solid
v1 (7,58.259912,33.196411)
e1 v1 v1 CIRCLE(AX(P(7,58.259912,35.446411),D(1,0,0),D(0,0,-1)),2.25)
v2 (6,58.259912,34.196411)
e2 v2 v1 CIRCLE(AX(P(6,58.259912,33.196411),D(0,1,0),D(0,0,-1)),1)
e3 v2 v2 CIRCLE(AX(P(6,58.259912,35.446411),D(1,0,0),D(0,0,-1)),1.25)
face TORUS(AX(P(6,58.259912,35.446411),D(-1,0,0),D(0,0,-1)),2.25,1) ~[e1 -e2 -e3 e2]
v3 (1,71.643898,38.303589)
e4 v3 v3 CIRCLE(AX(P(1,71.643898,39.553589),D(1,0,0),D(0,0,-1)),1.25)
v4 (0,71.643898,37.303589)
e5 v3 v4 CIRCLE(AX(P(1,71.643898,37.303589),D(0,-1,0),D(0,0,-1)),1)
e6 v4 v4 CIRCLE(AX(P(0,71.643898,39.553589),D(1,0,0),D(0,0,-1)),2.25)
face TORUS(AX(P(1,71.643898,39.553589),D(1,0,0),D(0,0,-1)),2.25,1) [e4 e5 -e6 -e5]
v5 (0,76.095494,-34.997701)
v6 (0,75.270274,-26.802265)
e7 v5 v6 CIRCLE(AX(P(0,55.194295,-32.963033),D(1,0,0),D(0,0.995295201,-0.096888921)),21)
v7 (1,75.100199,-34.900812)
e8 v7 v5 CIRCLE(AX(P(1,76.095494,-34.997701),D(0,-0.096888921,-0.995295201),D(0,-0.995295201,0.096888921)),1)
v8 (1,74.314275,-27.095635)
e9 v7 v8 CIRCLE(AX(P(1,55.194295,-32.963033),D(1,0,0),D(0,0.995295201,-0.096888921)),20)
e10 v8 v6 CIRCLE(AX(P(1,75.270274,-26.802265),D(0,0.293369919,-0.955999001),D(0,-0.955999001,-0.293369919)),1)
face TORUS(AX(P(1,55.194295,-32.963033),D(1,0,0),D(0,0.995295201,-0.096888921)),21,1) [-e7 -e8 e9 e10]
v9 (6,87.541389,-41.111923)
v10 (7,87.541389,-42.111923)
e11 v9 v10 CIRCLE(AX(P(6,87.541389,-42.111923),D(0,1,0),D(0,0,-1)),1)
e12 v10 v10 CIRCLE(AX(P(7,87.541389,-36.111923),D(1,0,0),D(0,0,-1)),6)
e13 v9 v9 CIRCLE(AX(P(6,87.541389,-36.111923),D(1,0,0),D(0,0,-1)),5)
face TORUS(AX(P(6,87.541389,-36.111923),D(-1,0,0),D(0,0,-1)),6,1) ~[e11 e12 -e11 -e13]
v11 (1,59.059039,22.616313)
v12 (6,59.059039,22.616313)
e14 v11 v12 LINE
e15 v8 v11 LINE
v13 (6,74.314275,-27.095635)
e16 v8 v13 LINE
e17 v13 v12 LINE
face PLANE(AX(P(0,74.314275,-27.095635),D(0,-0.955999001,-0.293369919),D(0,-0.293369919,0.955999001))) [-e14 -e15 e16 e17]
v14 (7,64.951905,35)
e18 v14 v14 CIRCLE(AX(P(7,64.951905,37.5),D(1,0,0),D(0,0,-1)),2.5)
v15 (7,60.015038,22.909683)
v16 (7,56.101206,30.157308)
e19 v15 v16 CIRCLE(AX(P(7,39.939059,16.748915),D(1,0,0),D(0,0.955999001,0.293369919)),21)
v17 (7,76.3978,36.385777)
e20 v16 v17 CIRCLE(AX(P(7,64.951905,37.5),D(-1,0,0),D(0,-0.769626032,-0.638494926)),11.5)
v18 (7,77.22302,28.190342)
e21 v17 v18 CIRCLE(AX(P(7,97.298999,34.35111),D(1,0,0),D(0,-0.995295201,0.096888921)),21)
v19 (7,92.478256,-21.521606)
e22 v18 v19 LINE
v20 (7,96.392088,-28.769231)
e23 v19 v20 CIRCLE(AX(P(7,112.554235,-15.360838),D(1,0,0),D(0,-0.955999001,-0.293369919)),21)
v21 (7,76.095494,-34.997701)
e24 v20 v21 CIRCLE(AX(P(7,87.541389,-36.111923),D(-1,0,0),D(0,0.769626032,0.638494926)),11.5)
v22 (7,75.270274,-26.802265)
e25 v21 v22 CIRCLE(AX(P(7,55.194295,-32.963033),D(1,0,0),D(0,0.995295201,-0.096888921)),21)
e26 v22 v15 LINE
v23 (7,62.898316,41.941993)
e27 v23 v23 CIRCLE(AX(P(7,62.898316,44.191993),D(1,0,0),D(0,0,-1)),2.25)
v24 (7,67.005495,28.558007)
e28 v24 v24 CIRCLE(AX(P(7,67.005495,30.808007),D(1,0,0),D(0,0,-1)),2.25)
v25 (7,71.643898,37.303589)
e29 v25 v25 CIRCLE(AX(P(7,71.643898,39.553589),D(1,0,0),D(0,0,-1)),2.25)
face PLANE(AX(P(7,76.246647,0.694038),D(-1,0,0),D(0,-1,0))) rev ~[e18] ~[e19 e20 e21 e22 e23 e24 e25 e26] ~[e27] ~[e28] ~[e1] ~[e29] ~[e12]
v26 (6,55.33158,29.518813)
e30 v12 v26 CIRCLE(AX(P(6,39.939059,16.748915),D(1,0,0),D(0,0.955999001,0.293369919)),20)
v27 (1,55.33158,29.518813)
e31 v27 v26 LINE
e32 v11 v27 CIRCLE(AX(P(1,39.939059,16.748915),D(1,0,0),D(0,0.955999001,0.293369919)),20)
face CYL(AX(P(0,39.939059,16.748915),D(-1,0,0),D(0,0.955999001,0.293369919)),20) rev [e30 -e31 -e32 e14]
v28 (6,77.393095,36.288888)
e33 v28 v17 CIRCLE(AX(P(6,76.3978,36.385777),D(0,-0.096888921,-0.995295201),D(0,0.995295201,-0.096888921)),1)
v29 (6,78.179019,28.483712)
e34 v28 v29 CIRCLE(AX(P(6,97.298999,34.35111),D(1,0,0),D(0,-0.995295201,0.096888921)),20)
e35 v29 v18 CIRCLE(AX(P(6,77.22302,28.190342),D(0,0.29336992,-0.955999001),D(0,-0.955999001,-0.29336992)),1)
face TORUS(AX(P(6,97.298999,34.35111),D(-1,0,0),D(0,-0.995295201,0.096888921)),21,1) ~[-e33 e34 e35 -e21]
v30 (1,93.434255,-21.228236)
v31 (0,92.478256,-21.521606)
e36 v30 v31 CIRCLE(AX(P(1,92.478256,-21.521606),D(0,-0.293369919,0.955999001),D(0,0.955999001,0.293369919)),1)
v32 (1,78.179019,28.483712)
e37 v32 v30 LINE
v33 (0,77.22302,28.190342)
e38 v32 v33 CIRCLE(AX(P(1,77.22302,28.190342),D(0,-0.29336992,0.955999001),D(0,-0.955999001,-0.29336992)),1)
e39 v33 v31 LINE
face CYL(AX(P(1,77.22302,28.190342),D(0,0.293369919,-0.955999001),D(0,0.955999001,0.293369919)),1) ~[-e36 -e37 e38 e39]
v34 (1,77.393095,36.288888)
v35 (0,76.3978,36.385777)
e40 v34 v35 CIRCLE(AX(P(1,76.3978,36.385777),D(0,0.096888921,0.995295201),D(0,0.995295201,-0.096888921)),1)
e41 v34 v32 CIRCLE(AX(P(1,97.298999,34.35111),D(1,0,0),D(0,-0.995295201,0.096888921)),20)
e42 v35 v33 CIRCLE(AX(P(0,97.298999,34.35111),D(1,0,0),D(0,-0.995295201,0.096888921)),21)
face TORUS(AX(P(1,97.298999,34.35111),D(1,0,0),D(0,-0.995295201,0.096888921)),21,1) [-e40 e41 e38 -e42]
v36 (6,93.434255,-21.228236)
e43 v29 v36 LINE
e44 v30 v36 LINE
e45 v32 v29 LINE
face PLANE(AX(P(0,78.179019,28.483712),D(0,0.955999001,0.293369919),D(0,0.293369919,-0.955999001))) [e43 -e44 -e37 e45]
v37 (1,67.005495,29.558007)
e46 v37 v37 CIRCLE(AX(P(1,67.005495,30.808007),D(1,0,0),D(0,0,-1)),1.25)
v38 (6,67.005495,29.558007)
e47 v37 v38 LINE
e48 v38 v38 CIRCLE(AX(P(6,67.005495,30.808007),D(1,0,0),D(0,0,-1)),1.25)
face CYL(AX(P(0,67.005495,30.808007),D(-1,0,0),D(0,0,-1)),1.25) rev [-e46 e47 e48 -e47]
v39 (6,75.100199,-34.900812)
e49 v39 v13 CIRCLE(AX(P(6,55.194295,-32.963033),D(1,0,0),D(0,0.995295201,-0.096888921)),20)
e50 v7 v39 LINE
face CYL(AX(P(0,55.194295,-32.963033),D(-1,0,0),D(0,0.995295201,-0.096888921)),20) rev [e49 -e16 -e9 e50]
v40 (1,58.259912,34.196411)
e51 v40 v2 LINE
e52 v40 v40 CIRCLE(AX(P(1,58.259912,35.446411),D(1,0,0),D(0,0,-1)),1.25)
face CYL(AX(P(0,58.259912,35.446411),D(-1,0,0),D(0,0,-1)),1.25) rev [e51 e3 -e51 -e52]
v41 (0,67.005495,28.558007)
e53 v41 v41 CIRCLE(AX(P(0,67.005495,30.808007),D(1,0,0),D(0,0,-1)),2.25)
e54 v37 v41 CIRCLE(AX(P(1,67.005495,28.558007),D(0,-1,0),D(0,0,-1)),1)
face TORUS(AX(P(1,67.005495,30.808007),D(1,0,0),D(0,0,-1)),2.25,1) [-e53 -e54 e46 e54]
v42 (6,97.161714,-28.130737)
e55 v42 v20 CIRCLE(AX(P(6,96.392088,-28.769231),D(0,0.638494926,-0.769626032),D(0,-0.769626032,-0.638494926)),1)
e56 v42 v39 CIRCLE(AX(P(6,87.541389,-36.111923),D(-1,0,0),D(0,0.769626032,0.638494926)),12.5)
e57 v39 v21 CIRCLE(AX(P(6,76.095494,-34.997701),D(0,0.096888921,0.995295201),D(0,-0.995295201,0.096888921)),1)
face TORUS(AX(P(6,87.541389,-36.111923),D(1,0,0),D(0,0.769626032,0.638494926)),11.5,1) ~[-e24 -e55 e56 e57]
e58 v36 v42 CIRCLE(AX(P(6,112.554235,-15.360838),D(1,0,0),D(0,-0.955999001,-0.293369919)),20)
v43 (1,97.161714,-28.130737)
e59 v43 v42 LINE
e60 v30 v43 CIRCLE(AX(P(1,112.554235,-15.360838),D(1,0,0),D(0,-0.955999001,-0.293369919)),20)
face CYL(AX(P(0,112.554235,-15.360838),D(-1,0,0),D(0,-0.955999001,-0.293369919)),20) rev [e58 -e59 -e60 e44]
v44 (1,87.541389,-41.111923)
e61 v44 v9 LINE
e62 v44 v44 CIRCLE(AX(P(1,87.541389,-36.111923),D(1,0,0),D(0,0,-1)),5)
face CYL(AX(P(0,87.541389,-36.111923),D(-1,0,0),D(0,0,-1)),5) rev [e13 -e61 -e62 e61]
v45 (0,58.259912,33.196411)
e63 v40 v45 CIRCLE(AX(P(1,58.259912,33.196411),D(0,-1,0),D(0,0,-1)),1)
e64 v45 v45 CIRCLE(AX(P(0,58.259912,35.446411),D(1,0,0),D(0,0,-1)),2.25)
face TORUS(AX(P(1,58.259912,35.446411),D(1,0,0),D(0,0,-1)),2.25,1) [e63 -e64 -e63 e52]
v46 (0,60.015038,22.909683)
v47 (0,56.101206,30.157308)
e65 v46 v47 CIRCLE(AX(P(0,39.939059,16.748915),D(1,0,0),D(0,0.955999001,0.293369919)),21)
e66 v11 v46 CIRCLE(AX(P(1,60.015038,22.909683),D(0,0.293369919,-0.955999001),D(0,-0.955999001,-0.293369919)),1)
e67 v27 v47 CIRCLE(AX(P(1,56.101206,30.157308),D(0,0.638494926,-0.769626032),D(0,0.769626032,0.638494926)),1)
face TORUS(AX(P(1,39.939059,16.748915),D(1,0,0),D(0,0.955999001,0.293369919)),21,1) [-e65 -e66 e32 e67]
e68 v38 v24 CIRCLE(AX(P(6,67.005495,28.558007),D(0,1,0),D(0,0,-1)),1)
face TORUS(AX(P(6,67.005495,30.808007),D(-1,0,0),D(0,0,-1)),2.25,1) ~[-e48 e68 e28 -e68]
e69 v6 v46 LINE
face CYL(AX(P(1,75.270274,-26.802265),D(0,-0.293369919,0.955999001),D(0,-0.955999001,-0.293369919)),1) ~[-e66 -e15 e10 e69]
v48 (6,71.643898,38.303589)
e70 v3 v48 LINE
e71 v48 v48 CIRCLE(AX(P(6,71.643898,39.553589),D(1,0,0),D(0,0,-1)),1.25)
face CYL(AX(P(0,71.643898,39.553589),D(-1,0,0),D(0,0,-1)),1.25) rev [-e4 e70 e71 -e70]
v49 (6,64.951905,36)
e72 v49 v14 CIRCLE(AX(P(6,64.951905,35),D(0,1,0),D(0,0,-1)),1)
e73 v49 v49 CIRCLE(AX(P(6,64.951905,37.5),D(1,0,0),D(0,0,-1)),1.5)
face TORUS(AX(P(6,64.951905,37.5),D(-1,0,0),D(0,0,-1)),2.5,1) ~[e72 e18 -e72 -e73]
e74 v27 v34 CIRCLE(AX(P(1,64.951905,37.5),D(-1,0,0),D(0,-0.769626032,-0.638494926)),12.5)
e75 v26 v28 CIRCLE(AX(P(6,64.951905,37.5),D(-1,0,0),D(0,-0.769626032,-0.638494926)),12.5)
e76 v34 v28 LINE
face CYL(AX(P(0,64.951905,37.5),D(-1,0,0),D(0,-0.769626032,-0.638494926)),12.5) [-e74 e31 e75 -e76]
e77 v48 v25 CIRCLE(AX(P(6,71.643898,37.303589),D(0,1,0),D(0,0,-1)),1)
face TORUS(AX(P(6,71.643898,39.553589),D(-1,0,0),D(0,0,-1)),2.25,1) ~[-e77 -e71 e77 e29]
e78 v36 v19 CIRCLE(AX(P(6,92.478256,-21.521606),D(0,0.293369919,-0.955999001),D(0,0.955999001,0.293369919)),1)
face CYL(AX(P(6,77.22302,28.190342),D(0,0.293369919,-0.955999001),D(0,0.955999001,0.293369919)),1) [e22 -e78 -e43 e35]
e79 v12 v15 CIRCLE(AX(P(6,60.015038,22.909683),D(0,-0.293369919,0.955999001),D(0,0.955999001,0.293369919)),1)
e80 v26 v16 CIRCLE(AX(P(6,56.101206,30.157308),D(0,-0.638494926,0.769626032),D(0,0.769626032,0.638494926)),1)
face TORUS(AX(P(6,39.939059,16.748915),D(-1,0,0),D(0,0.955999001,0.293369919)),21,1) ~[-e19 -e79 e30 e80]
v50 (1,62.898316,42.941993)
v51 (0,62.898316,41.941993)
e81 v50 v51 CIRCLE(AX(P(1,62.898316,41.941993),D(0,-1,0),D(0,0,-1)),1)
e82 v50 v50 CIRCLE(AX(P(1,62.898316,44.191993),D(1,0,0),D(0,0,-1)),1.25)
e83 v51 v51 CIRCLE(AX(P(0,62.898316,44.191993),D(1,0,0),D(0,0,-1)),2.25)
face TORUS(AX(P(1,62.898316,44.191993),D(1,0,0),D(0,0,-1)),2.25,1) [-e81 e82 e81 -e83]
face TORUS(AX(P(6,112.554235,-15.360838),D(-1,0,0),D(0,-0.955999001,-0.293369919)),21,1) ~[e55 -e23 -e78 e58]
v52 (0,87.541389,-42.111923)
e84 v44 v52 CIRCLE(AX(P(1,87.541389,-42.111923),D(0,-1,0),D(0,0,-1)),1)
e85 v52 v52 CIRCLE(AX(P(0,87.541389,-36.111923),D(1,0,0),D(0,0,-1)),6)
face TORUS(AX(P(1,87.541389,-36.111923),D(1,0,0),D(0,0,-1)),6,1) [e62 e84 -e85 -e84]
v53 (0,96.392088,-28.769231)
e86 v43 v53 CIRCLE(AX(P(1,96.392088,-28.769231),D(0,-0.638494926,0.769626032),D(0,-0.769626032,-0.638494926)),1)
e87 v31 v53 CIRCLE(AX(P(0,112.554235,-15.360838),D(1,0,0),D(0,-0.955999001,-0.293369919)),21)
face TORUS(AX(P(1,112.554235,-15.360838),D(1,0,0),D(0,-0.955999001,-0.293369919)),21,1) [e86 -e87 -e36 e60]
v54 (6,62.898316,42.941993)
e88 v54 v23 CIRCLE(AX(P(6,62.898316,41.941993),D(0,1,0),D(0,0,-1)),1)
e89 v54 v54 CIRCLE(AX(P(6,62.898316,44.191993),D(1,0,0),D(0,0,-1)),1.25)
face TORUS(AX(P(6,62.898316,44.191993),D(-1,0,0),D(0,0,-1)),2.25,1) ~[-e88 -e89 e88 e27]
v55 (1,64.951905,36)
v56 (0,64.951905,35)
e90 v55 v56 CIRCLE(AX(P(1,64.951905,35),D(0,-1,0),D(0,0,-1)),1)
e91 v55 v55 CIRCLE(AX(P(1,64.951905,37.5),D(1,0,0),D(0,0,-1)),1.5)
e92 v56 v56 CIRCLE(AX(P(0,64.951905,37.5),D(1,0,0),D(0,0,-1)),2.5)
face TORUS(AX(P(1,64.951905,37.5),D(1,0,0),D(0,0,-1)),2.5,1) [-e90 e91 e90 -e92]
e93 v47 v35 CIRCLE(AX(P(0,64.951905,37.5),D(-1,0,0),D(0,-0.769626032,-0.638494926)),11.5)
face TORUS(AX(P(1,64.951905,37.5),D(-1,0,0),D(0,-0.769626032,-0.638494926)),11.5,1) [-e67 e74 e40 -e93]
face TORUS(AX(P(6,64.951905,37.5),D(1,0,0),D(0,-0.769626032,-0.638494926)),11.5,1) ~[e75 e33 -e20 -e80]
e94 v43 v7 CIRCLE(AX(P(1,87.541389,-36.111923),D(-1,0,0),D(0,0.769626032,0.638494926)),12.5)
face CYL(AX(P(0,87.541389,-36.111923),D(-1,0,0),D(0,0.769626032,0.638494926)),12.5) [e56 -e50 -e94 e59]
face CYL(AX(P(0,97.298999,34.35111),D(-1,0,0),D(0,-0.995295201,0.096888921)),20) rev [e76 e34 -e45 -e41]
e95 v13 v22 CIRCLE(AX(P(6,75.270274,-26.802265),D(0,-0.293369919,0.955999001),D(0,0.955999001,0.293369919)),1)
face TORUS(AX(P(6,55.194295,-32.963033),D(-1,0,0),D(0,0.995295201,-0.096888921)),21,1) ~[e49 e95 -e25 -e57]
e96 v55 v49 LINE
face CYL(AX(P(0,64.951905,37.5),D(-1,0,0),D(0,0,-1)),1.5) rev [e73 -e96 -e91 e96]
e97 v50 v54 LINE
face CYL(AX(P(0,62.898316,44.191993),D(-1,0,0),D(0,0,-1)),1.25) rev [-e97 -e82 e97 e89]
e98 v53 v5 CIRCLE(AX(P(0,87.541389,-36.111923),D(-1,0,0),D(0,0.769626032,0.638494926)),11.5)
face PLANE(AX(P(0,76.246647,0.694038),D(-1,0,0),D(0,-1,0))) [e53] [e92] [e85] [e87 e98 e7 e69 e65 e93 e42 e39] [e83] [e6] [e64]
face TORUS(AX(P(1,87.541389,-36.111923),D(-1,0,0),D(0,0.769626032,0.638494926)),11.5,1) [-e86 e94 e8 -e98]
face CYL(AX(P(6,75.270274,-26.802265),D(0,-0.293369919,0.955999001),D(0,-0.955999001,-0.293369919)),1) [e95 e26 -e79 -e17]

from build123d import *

# Parameters (mm, degrees)
SKETCH3_R           = 5
SKETCH3_R_2         = 1.25
SKETCH3_R_3         = 1.5
BOSS_EXTRUDE2_DEPTH = 7
FILLET2_R           = 1


with BuildPart() as part:
    # Sketch3 → Boss-Extrude2 (new body)
    with BuildSketch(Plane.YZ):
        with BuildLine():
            Line((74.314275071, -27.095634775), (59.059039264, 22.61631329))
            ThreePointArc((59.059039264, 22.61631329), (57.537050676, 26.252108965), (55.331579882, 29.518813424))
            ThreePointArc((55.331579882, 29.518813424), (61.284781292, 49.449987516), (77.393095295, 36.288888487))
            ThreePointArc((77.393095295, 36.288888487), (77.399624886, 32.347389177), (78.179019289, 28.483711678))
            Line((78.179019289, 28.483711678), (93.434255096, -21.228236387))
            ThreePointArc((93.434255096, -21.228236387), (94.956243684, -24.864032062), (97.161714478, -28.130736521))
            ThreePointArc((97.161714478, -28.130736521), (91.208513068, -48.061910612), (75.100199065, -34.900811584))
            ThreePointArc((75.100199065, -34.900811584), (75.093669473, -30.959312273), (74.314275071, -27.095634775))
        make_face()
        with Locations(Location((87.541389076, -36.111923097, 0), (0, 0, 270))):
            Circle(SKETCH3_R, mode=Mode.SUBTRACT)
        with Locations(Location((62.898315848, 44.191993009, 0), (0, 0, 270))):
            Circle(SKETCH3_R_2, mode=Mode.SUBTRACT)
        with Locations(Location((71.643898293, 39.553589436, 0), (0, 0, 270))):
            Circle(SKETCH3_R_2, mode=Mode.SUBTRACT)
        with Locations(Location((67.005494719, 30.808006991, 0), (0, 0, 270))):
            Circle(SKETCH3_R_2, mode=Mode.SUBTRACT)
        with Locations(Location((58.259912275, 35.446410564, 0), (0, 0, 270))):
            Circle(SKETCH3_R_2, mode=Mode.SUBTRACT)
        with Locations(Location((64.951905284, 37.5, 0), (0, 0, 270))):
            Circle(SKETCH3_R_3, mode=Mode.SUBTRACT)
    extrude(amount=BOSS_EXTRUDE2_DEPTH)

    # Fillet2
    fillet2_edges = [part.edges().sort_by_distance(p)[0] for p in [
        (0, 66.686657167, -2.239660742),
        (0, 57.537050676, 26.252108965),
        (0, 61.284781292, 49.449987516),
        (0, 77.399624886, 32.347389177),
        (7, 57.537050676, 26.252108965),
        (7, 66.686657167, -2.239660742),
        (7, 75.093669473, -30.959312273),
        (0, 87.541389076, -31.111923097),
        (7, 87.541389076, -31.111923097),
        (7, 91.208513068, -48.061910612),
        (0, 62.898315848, 45.441993009),
        (7, 62.898315848, 45.441993009),
        (7, 94.956243684, -24.864032062),
        (0, 71.643898293, 40.803589436),
        (7, 71.643898293, 40.803589436),
        (7, 85.806637192, 3.627737645),
        (0, 67.005494719, 32.058006991),
        (7, 67.005494719, 32.058006991),
        (0, 58.259912275, 36.696410564),
        (7, 58.259912275, 36.696410564),
        (0, 64.951905284, 39),
        (7, 64.951905284, 39),
        (7, 77.399624886, 32.347389177),
        (0, 85.806637192, 3.627737645),
        (7, 61.284781292, 49.449987516),
        (0, 94.956243684, -24.864032062),
        (0, 91.208513068, -48.061910612),
        (0, 75.093669473, -30.959312273),
    ]]
    fillet(fillet2_edges, radius=FILLET2_R)


solid = part.part
